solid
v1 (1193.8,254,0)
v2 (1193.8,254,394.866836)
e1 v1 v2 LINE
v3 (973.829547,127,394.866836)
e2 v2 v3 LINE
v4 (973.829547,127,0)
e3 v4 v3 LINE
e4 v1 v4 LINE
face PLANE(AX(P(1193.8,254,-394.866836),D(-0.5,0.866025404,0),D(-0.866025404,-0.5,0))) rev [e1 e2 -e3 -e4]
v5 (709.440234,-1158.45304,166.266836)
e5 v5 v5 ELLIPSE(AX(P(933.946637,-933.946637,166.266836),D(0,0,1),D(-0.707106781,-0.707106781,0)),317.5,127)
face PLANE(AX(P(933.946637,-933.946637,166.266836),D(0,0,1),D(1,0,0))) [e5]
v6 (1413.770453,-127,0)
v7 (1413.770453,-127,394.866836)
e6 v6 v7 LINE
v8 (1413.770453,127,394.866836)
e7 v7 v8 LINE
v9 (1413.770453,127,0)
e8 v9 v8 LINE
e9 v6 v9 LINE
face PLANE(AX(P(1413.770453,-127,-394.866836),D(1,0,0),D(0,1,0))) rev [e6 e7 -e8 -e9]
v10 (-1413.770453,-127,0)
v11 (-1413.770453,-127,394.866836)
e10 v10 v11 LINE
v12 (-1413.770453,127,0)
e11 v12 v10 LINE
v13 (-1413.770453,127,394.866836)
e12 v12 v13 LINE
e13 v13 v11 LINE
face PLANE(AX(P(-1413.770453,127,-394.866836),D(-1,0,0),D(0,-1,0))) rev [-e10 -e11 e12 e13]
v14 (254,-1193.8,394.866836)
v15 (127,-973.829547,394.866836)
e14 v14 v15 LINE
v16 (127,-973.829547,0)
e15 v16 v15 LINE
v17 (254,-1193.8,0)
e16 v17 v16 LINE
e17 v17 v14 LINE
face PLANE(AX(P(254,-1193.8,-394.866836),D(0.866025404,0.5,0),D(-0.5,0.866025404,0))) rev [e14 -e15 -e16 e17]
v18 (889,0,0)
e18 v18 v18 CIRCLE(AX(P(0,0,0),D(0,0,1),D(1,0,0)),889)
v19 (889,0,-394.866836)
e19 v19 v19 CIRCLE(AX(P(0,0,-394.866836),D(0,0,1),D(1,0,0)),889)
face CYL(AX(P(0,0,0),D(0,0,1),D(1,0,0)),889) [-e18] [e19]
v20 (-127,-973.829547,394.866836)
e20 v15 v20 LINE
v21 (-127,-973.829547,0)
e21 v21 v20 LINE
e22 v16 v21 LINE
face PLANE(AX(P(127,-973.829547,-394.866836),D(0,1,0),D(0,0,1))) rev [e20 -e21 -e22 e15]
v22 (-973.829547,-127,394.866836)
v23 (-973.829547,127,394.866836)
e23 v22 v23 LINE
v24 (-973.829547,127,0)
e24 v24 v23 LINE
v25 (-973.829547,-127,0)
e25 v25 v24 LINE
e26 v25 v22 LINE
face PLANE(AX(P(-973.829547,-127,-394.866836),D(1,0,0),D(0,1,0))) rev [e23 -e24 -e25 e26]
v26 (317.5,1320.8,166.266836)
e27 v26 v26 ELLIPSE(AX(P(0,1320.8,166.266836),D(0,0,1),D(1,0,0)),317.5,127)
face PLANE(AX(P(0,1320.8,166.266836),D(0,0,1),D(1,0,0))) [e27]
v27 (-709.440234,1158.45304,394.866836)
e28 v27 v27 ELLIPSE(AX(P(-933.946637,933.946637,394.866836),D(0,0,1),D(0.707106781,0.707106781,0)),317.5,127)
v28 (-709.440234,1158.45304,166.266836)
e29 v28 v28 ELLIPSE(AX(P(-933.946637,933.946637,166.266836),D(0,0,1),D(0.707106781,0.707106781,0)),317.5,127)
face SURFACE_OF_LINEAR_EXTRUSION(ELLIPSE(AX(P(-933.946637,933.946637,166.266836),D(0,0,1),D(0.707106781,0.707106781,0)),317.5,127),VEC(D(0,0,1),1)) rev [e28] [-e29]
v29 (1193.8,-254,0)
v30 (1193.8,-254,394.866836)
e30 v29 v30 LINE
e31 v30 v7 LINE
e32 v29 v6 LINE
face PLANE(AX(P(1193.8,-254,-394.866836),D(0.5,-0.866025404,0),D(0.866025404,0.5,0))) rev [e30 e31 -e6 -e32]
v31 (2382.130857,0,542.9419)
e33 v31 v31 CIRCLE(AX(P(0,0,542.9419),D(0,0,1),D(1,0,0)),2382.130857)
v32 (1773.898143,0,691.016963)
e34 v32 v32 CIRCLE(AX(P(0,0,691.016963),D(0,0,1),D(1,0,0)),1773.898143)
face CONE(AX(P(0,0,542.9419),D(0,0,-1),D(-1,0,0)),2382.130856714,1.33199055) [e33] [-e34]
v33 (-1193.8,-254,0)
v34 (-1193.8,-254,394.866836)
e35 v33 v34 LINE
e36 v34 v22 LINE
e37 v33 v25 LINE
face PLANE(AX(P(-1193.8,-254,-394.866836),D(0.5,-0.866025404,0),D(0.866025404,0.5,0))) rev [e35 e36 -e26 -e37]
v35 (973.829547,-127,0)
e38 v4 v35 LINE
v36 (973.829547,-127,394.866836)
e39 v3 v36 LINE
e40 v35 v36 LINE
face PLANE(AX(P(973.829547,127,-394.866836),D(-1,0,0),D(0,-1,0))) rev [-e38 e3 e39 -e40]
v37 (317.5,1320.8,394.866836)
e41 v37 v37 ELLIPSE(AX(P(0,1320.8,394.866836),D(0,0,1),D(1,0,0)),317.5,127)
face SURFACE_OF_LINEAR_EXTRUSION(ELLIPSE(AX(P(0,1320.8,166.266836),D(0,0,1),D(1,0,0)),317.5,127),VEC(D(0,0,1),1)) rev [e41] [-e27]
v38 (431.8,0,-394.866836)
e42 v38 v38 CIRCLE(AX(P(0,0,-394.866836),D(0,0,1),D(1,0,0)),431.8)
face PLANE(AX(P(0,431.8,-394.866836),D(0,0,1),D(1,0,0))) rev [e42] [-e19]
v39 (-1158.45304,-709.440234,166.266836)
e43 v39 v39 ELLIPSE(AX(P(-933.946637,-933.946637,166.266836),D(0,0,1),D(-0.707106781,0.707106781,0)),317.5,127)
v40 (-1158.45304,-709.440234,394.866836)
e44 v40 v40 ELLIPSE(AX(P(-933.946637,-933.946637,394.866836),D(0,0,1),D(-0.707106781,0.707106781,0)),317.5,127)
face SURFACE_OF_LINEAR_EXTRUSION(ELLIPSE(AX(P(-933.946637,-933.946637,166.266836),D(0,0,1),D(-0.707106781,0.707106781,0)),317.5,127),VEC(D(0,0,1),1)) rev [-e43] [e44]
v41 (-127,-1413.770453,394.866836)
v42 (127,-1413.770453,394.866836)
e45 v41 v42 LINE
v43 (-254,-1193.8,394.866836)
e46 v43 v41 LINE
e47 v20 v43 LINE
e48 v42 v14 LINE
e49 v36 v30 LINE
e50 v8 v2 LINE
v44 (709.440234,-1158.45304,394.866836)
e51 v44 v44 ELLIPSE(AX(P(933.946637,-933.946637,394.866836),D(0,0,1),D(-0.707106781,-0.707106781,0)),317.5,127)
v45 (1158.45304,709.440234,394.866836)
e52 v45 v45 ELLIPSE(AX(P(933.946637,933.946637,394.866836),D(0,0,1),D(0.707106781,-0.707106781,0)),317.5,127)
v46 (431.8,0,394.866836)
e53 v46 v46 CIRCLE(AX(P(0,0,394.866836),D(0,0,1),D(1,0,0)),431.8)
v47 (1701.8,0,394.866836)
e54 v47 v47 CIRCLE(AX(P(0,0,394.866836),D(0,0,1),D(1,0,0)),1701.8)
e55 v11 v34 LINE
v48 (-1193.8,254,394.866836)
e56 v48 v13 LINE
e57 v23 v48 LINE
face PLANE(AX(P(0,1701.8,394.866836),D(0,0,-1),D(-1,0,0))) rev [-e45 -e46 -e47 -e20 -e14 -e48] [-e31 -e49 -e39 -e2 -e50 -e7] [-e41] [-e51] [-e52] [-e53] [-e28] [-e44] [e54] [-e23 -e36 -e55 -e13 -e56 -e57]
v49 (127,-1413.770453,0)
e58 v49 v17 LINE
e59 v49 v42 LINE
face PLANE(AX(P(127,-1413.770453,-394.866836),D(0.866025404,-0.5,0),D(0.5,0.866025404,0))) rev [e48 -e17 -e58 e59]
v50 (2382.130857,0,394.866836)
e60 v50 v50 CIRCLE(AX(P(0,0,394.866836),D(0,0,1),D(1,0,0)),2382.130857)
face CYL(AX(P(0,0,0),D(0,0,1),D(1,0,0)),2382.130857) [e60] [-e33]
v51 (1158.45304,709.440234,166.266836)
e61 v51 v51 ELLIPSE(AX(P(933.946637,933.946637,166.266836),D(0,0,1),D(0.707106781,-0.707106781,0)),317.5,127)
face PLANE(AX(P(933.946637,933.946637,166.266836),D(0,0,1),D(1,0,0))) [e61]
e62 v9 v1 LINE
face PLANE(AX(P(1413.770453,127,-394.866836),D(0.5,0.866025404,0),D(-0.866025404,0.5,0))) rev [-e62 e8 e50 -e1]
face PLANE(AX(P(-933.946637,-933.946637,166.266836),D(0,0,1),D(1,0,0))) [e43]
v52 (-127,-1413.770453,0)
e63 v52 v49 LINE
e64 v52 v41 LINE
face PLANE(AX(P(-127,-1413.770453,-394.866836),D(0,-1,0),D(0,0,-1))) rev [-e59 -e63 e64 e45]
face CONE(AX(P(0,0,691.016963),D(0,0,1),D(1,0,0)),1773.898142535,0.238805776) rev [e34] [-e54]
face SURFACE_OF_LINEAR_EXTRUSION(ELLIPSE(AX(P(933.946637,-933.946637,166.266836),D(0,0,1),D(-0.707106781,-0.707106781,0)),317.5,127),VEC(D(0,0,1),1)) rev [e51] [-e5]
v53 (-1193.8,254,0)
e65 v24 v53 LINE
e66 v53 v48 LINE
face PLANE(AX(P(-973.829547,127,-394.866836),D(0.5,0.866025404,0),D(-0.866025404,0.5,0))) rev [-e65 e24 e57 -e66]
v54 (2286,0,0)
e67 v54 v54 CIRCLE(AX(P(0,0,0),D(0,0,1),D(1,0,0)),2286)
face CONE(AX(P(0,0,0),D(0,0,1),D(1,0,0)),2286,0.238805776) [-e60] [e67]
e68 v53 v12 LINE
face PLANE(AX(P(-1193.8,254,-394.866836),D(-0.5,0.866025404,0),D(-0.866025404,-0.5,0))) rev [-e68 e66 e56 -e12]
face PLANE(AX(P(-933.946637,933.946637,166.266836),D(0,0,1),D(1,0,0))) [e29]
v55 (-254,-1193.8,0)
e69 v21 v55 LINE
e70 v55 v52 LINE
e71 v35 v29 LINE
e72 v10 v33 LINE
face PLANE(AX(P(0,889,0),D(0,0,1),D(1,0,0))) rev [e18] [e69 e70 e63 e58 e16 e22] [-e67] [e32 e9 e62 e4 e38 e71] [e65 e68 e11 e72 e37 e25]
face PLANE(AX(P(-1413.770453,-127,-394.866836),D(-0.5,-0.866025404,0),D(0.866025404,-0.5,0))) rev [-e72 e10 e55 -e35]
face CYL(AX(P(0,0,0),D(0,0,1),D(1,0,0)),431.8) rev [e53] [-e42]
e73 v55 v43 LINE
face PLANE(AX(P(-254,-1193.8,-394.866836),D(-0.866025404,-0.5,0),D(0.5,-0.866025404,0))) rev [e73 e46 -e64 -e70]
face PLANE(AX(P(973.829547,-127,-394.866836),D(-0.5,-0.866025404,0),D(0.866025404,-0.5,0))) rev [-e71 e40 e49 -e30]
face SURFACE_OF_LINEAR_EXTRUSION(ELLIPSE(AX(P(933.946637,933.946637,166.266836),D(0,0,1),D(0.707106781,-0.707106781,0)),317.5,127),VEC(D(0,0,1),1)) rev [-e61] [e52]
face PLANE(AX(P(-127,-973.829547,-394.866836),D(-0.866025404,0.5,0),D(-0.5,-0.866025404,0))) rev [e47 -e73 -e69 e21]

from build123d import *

# Parameters (mm, degrees)
SKETCH2_RX         = 317.5
SKETCH2_RY         = 127
CUT_EXTRUDE2_DEPTH = 228.6
CUT_EXTRUDE3_DEPTH = 3461.169664997


with BuildPart() as part:
    # Sketch1 → Revolve1 (revolve)
    with BuildSketch(Plane(origin=(0, 0, 0), x_dir=(0, 0, -1), z_dir=(1, 0, 0)), mode=Mode.PRIVATE) as revolve1_sk:
        Polygon((-394.866836272, 431.8), (394.866836272, 431.8), (394.866836272, 889), (0, 889), (0, 2286), (-394.866836272, 2382.130856714), (-542.941899874, 2382.130856714), (-691.016963476, 1773.898142535), (-394.866836272, 1701.8), align=None)
    revolve(revolve1_sk.sketch.rotate(Axis((0, 0, 0), (0, 0, -1)), 90), axis=Axis((0, 0, 0), (0, 0, -1)))

    # Sketch2 → Cut-Extrude2 (cut)
    with BuildSketch(Plane.XY.offset(394.866836272)):
        with Locations(Location((0, 1320.8), (0, 0, 180))):
            Ellipse(SKETCH2_RX, SKETCH2_RY)
        with Locations(Location((933.946636591, 933.946636591), (0, 0, 135))):
            Ellipse(SKETCH2_RX, SKETCH2_RY)
        with Locations(Location((933.946636591, -933.946636591), (0, 0, -135))):
            Ellipse(SKETCH2_RX, SKETCH2_RY)
        with Locations(Location((-933.946636591, -933.946636591), (0, 0, 135))):
            Ellipse(SKETCH2_RX, SKETCH2_RY)
        with Locations(Location((-933.946636591, 933.946636591), (0, 0, 45))):
            Ellipse(SKETCH2_RX, SKETCH2_RY)
    extrude(amount=-CUT_EXTRUDE2_DEPTH, mode=Mode.SUBTRACT)

    # Sketch3 → Cut-Extrude3 (cut, through all)
    with BuildSketch(Plane.XY.offset(394.866836272)):
        Polygon((254, -1193.8), (127, -973.829547439), (-127, -973.829547439), (-254, -1193.8), (-127, -1413.770452561), (127, -1413.770452561), align=None)
        Polygon((-1193.8, -254), (-973.829547439, -127), (-973.829547439, 127), (-1193.8, 254), (-1413.770452561, 127), (-1413.770452561, -127), align=None)
        Polygon((1193.8, 254), (973.829547439, 127), (973.829547439, -127), (1193.8, -254), (1413.770452561, -127), (1413.770452561, 127), align=None)
    extrude(amount=-CUT_EXTRUDE3_DEPTH, mode=Mode.SUBTRACT)


solid = part.part
